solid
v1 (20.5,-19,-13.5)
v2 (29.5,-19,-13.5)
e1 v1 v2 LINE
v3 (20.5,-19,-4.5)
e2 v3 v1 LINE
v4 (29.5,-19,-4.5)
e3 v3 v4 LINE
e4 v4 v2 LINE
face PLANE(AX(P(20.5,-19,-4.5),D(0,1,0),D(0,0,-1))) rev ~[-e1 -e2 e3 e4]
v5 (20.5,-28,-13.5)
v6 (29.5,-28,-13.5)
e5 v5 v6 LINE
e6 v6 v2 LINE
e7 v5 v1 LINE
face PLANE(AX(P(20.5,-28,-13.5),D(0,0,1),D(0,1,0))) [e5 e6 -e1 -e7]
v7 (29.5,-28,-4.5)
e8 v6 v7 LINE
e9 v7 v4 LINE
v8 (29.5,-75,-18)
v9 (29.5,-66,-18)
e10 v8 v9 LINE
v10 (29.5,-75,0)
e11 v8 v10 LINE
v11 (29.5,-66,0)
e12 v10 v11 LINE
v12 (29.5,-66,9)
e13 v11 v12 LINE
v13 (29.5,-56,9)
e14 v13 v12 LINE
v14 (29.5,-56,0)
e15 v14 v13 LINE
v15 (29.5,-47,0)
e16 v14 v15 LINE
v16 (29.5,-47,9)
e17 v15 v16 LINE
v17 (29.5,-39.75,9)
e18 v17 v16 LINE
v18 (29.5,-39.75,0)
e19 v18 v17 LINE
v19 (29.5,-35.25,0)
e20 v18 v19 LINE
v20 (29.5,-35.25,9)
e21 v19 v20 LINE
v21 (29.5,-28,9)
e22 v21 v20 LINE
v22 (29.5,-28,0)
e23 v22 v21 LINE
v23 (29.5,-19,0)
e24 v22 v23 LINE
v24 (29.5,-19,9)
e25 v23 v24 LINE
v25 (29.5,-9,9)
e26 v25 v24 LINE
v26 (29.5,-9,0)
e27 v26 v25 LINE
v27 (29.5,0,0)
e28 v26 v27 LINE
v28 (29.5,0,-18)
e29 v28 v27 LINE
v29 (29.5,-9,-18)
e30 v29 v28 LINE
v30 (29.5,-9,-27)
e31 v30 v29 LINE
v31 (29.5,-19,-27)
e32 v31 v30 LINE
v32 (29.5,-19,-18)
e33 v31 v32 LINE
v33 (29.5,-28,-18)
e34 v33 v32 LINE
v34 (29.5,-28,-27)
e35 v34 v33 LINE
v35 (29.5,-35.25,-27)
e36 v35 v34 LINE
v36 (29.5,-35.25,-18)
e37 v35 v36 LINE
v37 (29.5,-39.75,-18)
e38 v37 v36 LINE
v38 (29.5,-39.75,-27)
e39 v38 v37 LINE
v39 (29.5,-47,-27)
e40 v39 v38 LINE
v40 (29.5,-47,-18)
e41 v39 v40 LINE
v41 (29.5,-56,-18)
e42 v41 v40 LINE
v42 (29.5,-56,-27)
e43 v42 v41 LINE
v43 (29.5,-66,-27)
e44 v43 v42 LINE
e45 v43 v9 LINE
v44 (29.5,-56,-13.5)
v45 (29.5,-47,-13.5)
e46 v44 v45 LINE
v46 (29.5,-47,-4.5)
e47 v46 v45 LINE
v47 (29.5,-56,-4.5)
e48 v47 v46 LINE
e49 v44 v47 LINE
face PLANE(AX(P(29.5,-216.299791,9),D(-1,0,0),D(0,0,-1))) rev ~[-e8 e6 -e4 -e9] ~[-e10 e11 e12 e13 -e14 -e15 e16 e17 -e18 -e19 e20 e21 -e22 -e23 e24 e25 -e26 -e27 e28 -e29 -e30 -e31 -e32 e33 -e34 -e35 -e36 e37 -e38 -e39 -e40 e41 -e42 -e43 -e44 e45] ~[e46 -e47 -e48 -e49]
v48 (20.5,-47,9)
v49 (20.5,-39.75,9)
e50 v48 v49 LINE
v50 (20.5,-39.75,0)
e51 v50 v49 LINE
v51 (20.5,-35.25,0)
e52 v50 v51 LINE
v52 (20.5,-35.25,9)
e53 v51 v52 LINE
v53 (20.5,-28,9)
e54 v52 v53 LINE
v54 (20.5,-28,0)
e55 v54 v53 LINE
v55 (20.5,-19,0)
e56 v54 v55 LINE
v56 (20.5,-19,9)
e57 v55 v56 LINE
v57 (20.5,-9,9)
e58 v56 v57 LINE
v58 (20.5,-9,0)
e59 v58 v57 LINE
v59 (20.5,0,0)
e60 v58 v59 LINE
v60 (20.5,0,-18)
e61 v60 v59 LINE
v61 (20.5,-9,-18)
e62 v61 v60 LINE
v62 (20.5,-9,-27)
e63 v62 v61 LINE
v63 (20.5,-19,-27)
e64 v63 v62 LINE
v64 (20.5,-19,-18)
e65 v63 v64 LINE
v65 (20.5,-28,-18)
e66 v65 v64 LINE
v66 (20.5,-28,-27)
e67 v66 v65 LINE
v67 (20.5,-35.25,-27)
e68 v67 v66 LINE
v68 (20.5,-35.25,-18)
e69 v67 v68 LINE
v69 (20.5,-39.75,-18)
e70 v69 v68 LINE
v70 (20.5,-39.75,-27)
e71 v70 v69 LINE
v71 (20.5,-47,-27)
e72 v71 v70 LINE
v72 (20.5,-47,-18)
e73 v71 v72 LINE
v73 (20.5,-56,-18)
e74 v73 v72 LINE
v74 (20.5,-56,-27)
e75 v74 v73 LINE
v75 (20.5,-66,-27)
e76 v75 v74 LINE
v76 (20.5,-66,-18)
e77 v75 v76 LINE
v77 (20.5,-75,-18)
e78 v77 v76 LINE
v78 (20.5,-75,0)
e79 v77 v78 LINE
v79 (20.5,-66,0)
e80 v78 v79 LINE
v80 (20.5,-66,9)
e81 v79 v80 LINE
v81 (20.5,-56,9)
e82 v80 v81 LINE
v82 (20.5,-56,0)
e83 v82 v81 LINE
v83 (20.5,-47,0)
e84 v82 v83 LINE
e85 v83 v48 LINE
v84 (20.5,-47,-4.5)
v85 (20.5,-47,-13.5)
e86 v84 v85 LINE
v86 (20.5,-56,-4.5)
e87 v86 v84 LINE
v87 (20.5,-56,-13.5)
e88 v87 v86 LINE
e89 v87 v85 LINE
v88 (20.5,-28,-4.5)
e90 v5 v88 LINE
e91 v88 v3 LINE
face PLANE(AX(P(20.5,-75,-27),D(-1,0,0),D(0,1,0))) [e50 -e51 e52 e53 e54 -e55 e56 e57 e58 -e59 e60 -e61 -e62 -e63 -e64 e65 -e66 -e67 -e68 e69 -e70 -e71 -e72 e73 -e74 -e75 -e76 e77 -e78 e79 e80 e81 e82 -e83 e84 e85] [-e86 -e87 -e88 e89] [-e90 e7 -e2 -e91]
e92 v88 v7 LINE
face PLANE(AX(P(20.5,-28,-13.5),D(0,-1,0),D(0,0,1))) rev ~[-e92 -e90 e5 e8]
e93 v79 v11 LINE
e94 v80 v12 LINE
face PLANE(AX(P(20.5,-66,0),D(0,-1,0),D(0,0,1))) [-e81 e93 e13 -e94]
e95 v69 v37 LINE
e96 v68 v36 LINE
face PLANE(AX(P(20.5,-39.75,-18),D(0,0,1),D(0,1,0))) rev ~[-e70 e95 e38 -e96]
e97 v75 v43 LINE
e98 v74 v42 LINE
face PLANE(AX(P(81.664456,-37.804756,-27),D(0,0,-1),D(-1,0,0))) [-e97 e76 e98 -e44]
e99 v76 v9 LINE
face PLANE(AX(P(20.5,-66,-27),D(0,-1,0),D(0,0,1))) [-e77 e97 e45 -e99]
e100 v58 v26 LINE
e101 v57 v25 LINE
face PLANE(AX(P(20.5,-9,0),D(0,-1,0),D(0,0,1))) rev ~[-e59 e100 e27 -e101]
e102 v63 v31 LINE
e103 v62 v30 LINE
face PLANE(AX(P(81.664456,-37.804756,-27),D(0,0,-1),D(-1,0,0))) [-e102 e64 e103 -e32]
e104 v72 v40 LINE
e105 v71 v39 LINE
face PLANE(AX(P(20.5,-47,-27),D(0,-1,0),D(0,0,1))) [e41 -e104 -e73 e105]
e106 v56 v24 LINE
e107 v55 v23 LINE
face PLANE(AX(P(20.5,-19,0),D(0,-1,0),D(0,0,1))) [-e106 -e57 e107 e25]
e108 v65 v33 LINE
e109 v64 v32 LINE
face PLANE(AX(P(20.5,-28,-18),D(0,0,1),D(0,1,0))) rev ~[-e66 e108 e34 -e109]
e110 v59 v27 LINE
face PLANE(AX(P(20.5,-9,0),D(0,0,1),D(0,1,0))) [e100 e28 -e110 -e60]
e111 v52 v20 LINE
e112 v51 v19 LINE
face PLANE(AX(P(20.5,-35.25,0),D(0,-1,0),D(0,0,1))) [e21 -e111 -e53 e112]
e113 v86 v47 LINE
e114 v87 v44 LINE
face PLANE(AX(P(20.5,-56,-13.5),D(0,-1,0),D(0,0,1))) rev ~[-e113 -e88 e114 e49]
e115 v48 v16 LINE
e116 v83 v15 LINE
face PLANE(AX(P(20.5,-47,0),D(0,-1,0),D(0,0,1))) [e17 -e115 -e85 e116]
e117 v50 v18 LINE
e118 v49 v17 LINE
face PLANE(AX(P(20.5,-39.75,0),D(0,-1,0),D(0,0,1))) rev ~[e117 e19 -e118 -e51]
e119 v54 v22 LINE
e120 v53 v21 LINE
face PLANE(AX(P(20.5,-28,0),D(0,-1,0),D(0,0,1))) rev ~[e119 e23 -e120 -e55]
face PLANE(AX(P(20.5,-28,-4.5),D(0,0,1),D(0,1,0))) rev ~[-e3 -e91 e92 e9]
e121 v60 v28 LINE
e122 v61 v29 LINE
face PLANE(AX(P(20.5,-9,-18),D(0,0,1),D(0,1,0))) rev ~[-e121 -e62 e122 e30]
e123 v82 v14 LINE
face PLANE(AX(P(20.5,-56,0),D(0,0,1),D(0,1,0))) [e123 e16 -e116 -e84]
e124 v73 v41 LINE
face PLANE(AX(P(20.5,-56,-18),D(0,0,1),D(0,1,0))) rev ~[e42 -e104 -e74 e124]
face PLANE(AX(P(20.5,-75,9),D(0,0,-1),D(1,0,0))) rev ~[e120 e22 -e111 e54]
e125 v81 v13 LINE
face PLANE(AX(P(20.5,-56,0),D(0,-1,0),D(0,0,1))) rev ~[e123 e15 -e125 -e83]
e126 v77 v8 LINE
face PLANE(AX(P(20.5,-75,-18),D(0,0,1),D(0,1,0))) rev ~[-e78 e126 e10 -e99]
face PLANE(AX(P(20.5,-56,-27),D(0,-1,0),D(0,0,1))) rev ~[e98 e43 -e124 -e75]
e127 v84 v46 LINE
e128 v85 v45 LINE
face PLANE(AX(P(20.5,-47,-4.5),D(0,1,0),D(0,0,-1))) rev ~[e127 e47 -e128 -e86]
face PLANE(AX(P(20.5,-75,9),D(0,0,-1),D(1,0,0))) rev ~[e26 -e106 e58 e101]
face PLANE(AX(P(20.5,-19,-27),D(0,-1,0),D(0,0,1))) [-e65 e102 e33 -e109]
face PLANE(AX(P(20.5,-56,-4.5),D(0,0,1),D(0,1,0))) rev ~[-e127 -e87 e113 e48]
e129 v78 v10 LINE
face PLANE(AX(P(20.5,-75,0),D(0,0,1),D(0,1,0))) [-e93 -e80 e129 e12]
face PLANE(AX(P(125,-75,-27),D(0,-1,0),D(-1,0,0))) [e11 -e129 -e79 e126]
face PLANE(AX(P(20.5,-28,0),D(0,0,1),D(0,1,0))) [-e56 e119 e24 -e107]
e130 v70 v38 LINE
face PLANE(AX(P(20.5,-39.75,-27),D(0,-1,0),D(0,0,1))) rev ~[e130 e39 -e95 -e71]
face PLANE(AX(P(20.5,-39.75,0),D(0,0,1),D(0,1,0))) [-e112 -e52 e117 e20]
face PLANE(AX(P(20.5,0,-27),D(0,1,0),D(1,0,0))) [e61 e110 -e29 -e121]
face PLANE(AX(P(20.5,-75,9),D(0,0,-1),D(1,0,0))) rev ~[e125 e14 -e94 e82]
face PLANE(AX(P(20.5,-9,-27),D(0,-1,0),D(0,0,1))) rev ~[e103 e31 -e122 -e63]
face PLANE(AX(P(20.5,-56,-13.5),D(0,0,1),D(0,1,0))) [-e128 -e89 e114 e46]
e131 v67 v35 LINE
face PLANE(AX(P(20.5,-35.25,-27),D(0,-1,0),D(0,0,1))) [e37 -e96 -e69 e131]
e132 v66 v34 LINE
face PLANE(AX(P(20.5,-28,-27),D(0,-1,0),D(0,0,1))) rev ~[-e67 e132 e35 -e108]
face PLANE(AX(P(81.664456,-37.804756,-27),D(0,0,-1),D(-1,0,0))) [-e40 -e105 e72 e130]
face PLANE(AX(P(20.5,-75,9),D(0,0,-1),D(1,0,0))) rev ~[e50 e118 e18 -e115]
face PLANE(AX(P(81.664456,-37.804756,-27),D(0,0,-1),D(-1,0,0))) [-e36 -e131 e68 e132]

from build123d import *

# Parameters (mm, degrees)
SKETCH1_R                = 8
SKETCH1_R_2              = 4
BOSS_EXTRUDE1_DEPTH      = 9
BOSS_EXTRUDE1_2_DEPTH    = 9
SKETCH2_R                = 4
BOSS_EXTRUDE3_DEPTH      = 9
FILLET1_R                = 1
CUT_EXTRUDE1_DEPTH       = 214.789616212
SKETCH4_W                = 9
SKETCH4_H                = 27
BOSS_EXTRUDE4_DEPTH      = 75
BOSS_EXTRUDE5_START      = 9
SKETCH5_R                = 25
SKETCH5_R_2              = 4
BOSS_EXTRUDE5_DEPTH      = 9
BOSS_EXTRUDE6_DEPTH      = 4.5
BOSS_EXTRUDE6_DEPTH_BACK = 4.5
BOSS_EXTRUDE7_DEPTH      = 4.5
BOSS_EXTRUDE7_DEPTH_BACK = 4.5
BOSS_EXTRUDE7_START      = -25
SKETCH9_W                = 9
SKETCH9_H                = 7
SKETCH9_H_2              = 9
CUT_EXTRUDE2_DEPTH       = 217.612557346
CUT_EXTRUDE3_DEPTH       = 216.299790989
CUT_EXTRUDE3_DEPTH_BACK  = 216.299790989
SKETCH10_W               = 383.266903908
SKETCH10_H               = 66.559710411
SKETCH10_W_2             = 9
SKETCH10_H_2             = 36
SKETCH12_W               = 9
SKETCH12_H               = 9
SKETCH12_W_2             = 4.5
SKETCH12_H_2             = 9.054007778
SKETCH12_H_3             = 4.5
SKETCH12_H_4             = 5
CUT_EXTRUDE4_DEPTH       = 81.218451743


with BuildPart() as part:
    # Sketch1 → Boss-Extrude1 (new body)
    with BuildSketch(Plane.XY):
        with Locations((-125, 0)):
            Circle(SKETCH1_R)
        with Locations((-125, 0)):
            Circle(SKETCH1_R_2, mode=Mode.SUBTRACT)
    extrude(amount=BOSS_EXTRUDE1_DEPTH)



with BuildPart() as body_2:
    # Sketch1 → Boss-Extrude1 2 (new body)
    with BuildSketch(Plane.XY):
        with Locations((125, 0)):
            Circle(SKETCH1_R)
        with Locations((125, 0)):
            Circle(SKETCH1_R_2, mode=Mode.SUBTRACT)
    extrude(amount=BOSS_EXTRUDE1_2_DEPTH)


with BuildPart() as part_1:
    add(part.part)

    add(body_2.part)  # Boss-Extrude3 merges body 2
    # Sketch2 → Boss-Extrude3 (add)
    with BuildSketch(Plane.XY):
        with BuildLine():
            Line((-175, -75), (125, -75))
            ThreePointArc((125, -75), (130.131670325, -43.377223009), (145.000000492, -14.999999344))
            ThreePointArc((145.000000492, -14.999999344), (143.981414944, 16.269784471), (113.235294528, 22.058823748))
            ThreePointArc((113.235294528, 22.058823748), (25.000000075, 0), (-63.235294395, 22.058823677))
            ThreePointArc((-63.235294395, 22.058823677), (-75.420498385, 24.996463372), (-87.499999896, 21.650635154))
            ThreePointArc((-87.499999896, 21.650635154), (-99.999999954, 18.301270189), (-112.500000024, 21.650635108))
            ThreePointArc((-112.500000024, 21.650635108), (-124.99999995, 25), (-137.49999989, 21.650635158))
            ThreePointArc((-137.49999989, 21.650635158), (-149.999999954, 18.301270189), (-162.50000003, 21.650635112))
            ThreePointArc((-162.50000003, 21.650635112), (-193.705072901, 16.586749162), (-195.000000551, -14.999999265))
            ThreePointArc((-195.000000551, -14.999999265), (-180.13167034, -43.377222962), (-175, -75))
        make_face()
        with Locations((125, 0)):
            Circle(SKETCH2_R, mode=Mode.SUBTRACT)
        with Locations((-175, 0)):
            Circle(SKETCH2_R, mode=Mode.SUBTRACT)
        with Locations((-125, 0)):
            Circle(SKETCH2_R, mode=Mode.SUBTRACT)
        with Locations((-75, 0)):
            Circle(SKETCH2_R, mode=Mode.SUBTRACT)
    extrude(amount=BOSS_EXTRUDE3_DEPTH)

    # Fillet1
    fillet1_edges = [part_1.edges().sort_by_distance(p)[0] for p in [
        (-175, -75, 4.5),
        (125, -75, 4.5),
    ]]
    fillet(fillet1_edges, radius=FILLET1_R)

    # Sketch3 → Cut-Extrude1 (cut, through all)
    with BuildSketch(Plane.XY):
        Polygon((25, 0), (25, -75), (150, -75), (150, 25), (25, 25), align=None)
    extrude(amount=CUT_EXTRUDE1_DEPTH, mode=Mode.SUBTRACT)

    # Sketch4 → Boss-Extrude4 (add)
    with BuildSketch(Plane.XZ.offset(75)):
        with Locations((25, -4.5)):
            Rectangle(SKETCH4_W, SKETCH4_H)
    extrude(amount=-BOSS_EXTRUDE4_DEPTH)

    # Sketch5 → Boss-Extrude5 (add)
    # profile 1 of 4: a face of its own
    with BuildSketch(Plane(origin=(0, 0, -18), x_dir=(-1, 0, 0), z_dir=(0, 0, -1)).offset(BOSS_EXTRUDE5_START)):
        with BuildLine():
            ThreePointArc((-145.000000304, -14.999999594), (-130.131670275, -43.377223158), (-125, -75))
            Line((-125, -75), (-29.5, -75))
            Line((-29.5, -75), (-29.5, 0))
            Line((-29.5, 0), (-100, 0))
            ThreePointArc((-100, 0), (-117.09430609, -23.717082532), (-145.000000304, -14.999999594))
        make_face()
    # profile 2 of 4: a face of its own
    with BuildSketch(Plane(origin=(0, 0, -18), x_dir=(-1, 0, 0), z_dir=(0, 0, -1)).offset(BOSS_EXTRUDE5_START)):
        with Locations((-125, 0)):
            Circle(SKETCH5_R)
        with Locations((-125, 0)):
            Circle(SKETCH5_R_2, mode=Mode.SUBTRACT)
    # profile 3 of 4: a face of its own
    with BuildSketch(Plane(origin=(0, 0, -18), x_dir=(-1, 0, 0), z_dir=(0, 0, -1)).offset(BOSS_EXTRUDE5_START)):
        Polygon((-29.5, 0), (-29.5, -75), (-20.5, -75), (-20.5, 0), (-25, 0), align=None)
    # profile 4 of 4: a face of its own
    with BuildSketch(Plane(origin=(0, 0, -18), x_dir=(-1, 0, 0), z_dir=(0, 0, -1)).offset(BOSS_EXTRUDE5_START)):
        with BuildLine():
            Line((-100, 0), (-29.5, 0))
            Line((-29.5, 0), (-25, 0))
            ThreePointArc((-25, 0), (-70.475429529, 5.598281181), (-113.235293817, 22.058823369))
            ThreePointArc((-113.235293817, 22.058823369), (-103.56267677, 12.86239374), (-100, 0))
        make_face()
    extrude(amount=-BOSS_EXTRUDE5_DEPTH)

    # Sketch7 → Boss-Extrude6 (add, two sides: drawn at the far end of the back side and taken through both)
    with BuildSketch(Plane(origin=(0, -25, 0), x_dir=(1, 0, 0), z_dir=(0, 1, 0)).offset(-BOSS_EXTRUDE6_DEPTH_BACK)):
        with BuildLine():
            Line((56.5, 18), (29.5, 18))
            Line((29.5, 18), (29.5, -9))
            ThreePointArc((29.5, -9), (48.591883092, -1.091883092), (56.5, 18))
        make_face()
        with BuildLine():
            Line((-6.5, 0), (20.5, 0))
            Line((20.5, 0), (20.5, 27))
            ThreePointArc((20.5, 27), (1.408116908, 19.091883092), (-6.5, 0))
        make_face()
    extrude(amount=BOSS_EXTRUDE6_DEPTH + BOSS_EXTRUDE6_DEPTH_BACK)

    # Sketch7<3> → Boss-Extrude7 (add, two sides: drawn at the far end of the back side and taken through both)
    with BuildSketch(Plane(origin=(0, -25, 0), x_dir=(1, 0, 0), z_dir=(0, 1, 0)).offset(BOSS_EXTRUDE7_START - BOSS_EXTRUDE7_DEPTH_BACK)):
        with BuildLine():
            Line((56.5, 18), (29.5, 18))
            Line((29.5, 18), (29.5, -9))
            ThreePointArc((29.5, -9), (48.591883092, -1.091883092), (56.5, 18))
        make_face()
        with BuildLine():
            Line((-6.5, 0), (20.5, 0))
            Line((20.5, 0), (20.5, 27))
            ThreePointArc((20.5, 27), (1.408116908, 19.091883092), (-6.5, 0))
        make_face()
    extrude(amount=BOSS_EXTRUDE7_DEPTH + BOSS_EXTRUDE7_DEPTH_BACK)

    # Sketch9 → Cut-Extrude2 (cut, through all)
    with BuildSketch(Plane.XY.offset(9)):
        with Locations((-160.208548161, -53.5)):
            Rectangle(SKETCH9_W, SKETCH9_H)
        with Locations((-160.208548161, -70.5)):
            Rectangle(SKETCH9_W, SKETCH9_H_2)
        with Locations((-25.351798772, -53.5)):
            Rectangle(SKETCH9_W, SKETCH9_H)
        with Locations((-25.351798772, -70.5)):
            Rectangle(SKETCH9_W, SKETCH9_H_2)
        with Locations((109.504950616, -53.5)):
            Rectangle(SKETCH9_W, SKETCH9_H)
        with Locations((109.504950616, -70.5)):
            Rectangle(SKETCH9_W, SKETCH9_H_2)
    extrude(amount=-CUT_EXTRUDE2_DEPTH, mode=Mode.SUBTRACT)

    # Sketch10 → Cut-Extrude3 (cut, two sides: drawn at the far end of the back side and taken through both)
    with BuildSketch(Plane(origin=(0, 0, 0), x_dir=(1, 0, 0), z_dir=(0, 1, 0)).offset(-CUT_EXTRUDE3_DEPTH_BACK)):
        with Locations((-25.802694846, 3.514309581)):
            Rectangle(SKETCH10_W, SKETCH10_H)
        with Locations((25, 9)):
            Rectangle(SKETCH10_W_2, SKETCH10_H_2, mode=Mode.SUBTRACT)
    extrude(amount=CUT_EXTRUDE3_DEPTH + CUT_EXTRUDE3_DEPTH_BACK, mode=Mode.SUBTRACT)

    # Sketch12 → Cut-Extrude4 (cut, through all)
    with BuildSketch(Plane.ZY.offset(-20.5)):
        with Locations((-22.5, -23.5)):
            Rectangle(SKETCH12_W, SKETCH12_H)
        with Locations((-22.5, -51.5)):
            Rectangle(SKETCH12_W, SKETCH12_H)
        with Locations((4.5, -51.5)):
            Rectangle(SKETCH12_W, SKETCH12_H)
        with Locations((4.5, -23.5)):
            Rectangle(SKETCH12_W, SKETCH12_H)
        with Locations((-6.75, -23.5)):
            Rectangle(SKETCH12_W_2, SKETCH12_H)
        with Locations((-11.25, -23.5)):
            Rectangle(SKETCH12_W_2, SKETCH12_H)
        with Locations((-11.25, -51.5)):
            Rectangle(SKETCH12_W_2, SKETCH12_H)
        with Locations((-6.75, -51.5)):
            Rectangle(SKETCH12_W_2, SKETCH12_H)
        with Locations((-22.5, -4.5)):
            Rectangle(SKETCH12_W, SKETCH12_H)
        with Locations((4.5, -4.472996111)):
            Rectangle(SKETCH12_W, SKETCH12_H_2)
        with Locations((4.5, -70.5)):
            Rectangle(SKETCH12_W, SKETCH12_H)
        with Locations((-22.5, -70.5)):
            Rectangle(SKETCH12_W, SKETCH12_H)
        with Locations((-22.5, -37.5)):
            Rectangle(SKETCH12_W, SKETCH12_H_3)
        with Locations((4.5, -37.5)):
            Rectangle(SKETCH12_W, SKETCH12_H_3)
        with Locations((-22.5, 2.5)):
            Rectangle(SKETCH12_W, SKETCH12_H_4)
    extrude(amount=-CUT_EXTRUDE4_DEPTH, mode=Mode.SUBTRACT)


solid = part_1.part
